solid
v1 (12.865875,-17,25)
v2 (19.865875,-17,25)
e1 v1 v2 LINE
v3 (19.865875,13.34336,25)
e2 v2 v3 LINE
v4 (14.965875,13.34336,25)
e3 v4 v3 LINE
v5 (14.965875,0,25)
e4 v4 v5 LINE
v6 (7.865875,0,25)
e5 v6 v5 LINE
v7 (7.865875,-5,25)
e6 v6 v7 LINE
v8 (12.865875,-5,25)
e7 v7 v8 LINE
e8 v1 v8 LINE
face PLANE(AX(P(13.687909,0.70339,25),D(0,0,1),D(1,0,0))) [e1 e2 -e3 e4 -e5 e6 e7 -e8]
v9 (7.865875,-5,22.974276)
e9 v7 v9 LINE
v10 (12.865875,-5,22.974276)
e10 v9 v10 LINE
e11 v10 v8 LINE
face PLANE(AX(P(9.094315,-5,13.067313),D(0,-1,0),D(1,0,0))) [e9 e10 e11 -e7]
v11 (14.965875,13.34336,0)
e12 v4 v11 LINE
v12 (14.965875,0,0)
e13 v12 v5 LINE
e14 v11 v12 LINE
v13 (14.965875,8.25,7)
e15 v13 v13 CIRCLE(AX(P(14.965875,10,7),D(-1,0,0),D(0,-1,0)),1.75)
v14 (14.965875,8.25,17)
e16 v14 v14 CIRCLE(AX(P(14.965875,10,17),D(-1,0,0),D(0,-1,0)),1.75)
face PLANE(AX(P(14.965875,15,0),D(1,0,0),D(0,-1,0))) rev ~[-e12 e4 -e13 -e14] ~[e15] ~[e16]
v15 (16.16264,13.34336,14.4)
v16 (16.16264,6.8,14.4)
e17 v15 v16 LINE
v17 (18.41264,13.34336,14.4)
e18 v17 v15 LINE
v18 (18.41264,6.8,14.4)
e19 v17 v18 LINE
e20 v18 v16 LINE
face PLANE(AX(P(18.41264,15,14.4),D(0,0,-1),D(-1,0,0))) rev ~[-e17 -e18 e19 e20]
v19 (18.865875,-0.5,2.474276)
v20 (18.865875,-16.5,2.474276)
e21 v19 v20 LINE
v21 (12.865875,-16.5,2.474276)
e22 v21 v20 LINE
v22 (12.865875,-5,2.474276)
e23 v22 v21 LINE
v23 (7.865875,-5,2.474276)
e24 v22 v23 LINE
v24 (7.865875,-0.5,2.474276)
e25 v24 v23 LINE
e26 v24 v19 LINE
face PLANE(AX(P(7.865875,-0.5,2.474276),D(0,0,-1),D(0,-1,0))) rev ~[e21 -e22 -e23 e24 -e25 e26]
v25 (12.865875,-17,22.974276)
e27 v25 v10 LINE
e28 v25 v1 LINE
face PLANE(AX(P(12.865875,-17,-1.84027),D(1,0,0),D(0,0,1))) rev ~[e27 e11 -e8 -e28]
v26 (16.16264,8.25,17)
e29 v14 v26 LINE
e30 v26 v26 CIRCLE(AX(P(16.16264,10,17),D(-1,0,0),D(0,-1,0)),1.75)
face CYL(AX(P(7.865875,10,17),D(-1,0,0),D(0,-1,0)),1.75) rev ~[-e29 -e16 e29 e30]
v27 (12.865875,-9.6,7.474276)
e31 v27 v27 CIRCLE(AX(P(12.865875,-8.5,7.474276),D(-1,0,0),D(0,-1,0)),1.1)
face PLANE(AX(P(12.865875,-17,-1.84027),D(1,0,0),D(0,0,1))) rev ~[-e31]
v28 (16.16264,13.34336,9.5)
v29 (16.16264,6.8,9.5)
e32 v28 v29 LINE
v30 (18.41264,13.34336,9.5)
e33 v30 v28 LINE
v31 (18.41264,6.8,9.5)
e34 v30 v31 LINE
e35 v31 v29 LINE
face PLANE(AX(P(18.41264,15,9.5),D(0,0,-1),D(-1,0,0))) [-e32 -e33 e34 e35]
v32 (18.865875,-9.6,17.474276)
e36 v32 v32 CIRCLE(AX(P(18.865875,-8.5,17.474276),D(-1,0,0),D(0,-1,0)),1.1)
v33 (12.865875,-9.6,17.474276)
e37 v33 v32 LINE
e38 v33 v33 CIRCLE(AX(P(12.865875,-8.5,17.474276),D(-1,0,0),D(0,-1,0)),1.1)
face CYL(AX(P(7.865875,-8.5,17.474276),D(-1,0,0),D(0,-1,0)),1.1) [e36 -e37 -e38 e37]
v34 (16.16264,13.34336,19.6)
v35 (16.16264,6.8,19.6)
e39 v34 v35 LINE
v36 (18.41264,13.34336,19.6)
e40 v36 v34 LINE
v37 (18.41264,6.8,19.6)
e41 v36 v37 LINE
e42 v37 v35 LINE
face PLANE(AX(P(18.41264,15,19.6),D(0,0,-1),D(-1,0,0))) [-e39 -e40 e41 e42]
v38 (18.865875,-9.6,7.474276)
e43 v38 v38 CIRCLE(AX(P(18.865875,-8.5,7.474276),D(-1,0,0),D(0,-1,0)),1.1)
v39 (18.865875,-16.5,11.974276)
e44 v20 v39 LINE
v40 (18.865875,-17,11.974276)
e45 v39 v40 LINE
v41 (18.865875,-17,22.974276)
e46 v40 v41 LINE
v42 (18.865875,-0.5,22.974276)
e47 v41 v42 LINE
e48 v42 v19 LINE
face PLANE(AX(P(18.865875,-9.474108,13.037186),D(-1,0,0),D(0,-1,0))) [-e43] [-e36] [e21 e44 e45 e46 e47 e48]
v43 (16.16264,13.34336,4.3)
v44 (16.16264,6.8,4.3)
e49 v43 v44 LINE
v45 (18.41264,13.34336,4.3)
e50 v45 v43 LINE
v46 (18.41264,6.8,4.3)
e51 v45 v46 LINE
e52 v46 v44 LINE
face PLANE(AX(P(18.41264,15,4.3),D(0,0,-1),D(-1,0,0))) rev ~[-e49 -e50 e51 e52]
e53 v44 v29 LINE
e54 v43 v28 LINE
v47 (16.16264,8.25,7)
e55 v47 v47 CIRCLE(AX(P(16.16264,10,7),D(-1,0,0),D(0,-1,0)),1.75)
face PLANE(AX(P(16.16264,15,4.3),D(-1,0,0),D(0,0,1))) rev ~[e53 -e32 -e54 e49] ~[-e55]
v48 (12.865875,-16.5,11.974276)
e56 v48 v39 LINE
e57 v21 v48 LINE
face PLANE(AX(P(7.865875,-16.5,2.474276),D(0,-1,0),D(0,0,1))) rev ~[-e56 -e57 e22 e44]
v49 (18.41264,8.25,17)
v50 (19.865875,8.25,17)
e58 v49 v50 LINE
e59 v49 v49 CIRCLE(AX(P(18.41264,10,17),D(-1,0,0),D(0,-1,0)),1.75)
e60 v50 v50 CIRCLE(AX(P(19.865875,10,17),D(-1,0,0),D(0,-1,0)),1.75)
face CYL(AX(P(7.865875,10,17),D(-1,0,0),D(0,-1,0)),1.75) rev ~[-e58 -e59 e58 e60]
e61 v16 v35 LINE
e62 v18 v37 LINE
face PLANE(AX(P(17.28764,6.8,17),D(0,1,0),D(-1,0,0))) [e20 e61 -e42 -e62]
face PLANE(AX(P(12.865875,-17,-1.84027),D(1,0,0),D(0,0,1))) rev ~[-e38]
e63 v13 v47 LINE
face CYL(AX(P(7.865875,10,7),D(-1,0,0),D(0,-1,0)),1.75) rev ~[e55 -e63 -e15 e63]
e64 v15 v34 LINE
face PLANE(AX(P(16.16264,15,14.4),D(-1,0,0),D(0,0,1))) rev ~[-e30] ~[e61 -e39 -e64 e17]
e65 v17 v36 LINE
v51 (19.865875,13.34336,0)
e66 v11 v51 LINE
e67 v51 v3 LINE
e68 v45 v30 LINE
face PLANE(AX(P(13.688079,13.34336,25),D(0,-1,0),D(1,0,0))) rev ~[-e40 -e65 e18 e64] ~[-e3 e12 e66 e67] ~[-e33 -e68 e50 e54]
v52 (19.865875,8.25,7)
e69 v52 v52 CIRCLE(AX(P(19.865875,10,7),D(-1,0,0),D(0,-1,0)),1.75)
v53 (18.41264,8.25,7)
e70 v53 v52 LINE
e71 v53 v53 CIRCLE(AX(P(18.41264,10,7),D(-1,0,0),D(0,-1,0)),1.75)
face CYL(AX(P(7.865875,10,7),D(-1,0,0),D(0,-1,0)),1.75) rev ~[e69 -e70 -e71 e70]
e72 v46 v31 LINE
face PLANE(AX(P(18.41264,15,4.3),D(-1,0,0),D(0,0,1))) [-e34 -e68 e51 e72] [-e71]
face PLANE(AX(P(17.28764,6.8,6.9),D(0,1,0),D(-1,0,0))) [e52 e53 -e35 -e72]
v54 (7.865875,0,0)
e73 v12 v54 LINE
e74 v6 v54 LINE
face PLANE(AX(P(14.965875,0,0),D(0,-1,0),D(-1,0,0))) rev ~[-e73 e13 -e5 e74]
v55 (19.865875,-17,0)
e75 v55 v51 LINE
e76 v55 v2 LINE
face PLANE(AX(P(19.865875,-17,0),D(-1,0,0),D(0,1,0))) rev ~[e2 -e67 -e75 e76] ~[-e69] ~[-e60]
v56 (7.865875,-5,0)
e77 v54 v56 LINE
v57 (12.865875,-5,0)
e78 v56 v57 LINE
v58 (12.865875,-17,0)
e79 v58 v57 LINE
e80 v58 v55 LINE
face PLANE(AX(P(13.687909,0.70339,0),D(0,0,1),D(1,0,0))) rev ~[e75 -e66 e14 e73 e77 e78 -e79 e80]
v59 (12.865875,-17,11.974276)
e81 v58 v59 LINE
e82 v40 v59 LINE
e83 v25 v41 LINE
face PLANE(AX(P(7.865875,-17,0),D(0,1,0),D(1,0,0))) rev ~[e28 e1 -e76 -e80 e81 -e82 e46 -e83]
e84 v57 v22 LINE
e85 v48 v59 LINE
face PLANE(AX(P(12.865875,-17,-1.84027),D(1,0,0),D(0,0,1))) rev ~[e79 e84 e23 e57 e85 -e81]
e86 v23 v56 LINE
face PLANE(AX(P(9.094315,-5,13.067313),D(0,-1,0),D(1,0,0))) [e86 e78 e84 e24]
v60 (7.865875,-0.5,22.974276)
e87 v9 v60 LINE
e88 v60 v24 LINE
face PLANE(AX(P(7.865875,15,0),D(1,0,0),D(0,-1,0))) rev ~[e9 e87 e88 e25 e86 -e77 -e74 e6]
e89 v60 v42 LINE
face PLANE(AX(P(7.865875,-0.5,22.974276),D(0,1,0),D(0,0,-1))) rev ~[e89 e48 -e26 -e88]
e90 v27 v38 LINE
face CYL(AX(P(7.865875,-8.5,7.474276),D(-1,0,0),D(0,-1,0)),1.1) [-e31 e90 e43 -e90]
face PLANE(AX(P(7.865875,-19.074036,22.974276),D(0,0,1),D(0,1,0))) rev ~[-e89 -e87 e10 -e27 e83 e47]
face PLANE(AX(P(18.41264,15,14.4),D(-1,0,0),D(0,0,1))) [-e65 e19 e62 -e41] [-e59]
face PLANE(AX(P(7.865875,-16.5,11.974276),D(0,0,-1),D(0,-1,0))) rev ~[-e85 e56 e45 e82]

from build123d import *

# Parameters (mm, degrees)
F1_DEPTH  = 25
F2_R      = 1.75
F3_DEPTH  = 12.001
F4_W      = 2.25
F4_H      = 5.2
F5_DEPTH  = 8.2
F6_W      = 6.7676874548
F6_H      = 2
F6_W_2    = 4.3625808284
F6_H_2    = 16.5741704404
F7_DEPTH  = 25.001
F8_R      = 1.1
F9_DEPTH  = 11
F10_W     = 7.5431205352
F10_H     = 29.8151662209
F11_DEPTH = 12


with BuildPart() as f1:
    # F0 (on Top) → F1 (new body)
    with BuildSketch(Plane.XY):
        Polygon((11.3658751324, 15), (7.8658751324, 15), (7.8658751324, -17), (19.8658751324, -17), (19.8658751324, 15), (14.9658751324, 15), (14.9658751324, 0), (11.3658751324, 0), align=None)
    extrude(amount=F1_DEPTH)

    # F2 (on face) → F3 (cut, through all)
    with BuildSketch(Plane(origin=(7.8658751324, 0, 0), x_dir=(0, -1, 0), z_dir=(-1, 0, 0))):
        with Locations((-10, 17)):
            Circle(F2_R)
        with Locations((-10, 7)):
            Circle(F2_R)
    extrude(amount=-F3_DEPTH, mode=Mode.SUBTRACT)

    # F4 (on face) → F5 (cut)
    with BuildSketch(Plane(origin=(0, 15, 0), x_dir=(-1, 0, 0), z_dir=(0, 1, 0))):
        with Locations((-17.2876401603, 17)):
            Rectangle(F4_W, F4_H)
        with Locations((-17.2876401603, 6.9)):
            Rectangle(F4_W, F4_H)
    extrude(amount=-F5_DEPTH, mode=Mode.SUBTRACT)

    # F6 (on face) → F7 (cut, through all)
    with BuildSketch(Plane.XY.offset(25)):
        with Locations((17.0719223097, 14.3433604389)):
            Rectangle(F6_W, F6_H)
        with Locations((9.1845847182, 8.2870852202)):
            Rectangle(F6_W_2, F6_H_2)
    extrude(amount=-F7_DEPTH, mode=Mode.SUBTRACT)

    # F8 (on face) → F9 (cut)
    with BuildSketch(Plane(origin=(7.8658751324, 0, 0), x_dir=(0, -1, 0), z_dir=(-1, 0, 0))):
        Polygon((16.5, 22.9742758833), (0.5, 22.9742758833), (0.5, 2.4742758833), (16.5, 2.4742758833), (16.5, 11.9742758833), (19.0740358084, 11.9742758833), (19.0740358084, 22.9742758833), align=None)
        with Locations((8.5, 7.4742758833)):
            Circle(F8_R, mode=Mode.SUBTRACT)
        with Locations((8.5, 17.4742758833)):
            Circle(F8_R, mode=Mode.SUBTRACT)
    extrude(amount=-F9_DEPTH, mode=Mode.SUBTRACT)

    # F10 (on face) → F11 (cut)
    with BuildSketch(Plane.XZ.offset(17)):
        with Locations((9.0943148648, 13.0673133535)):
            Rectangle(F10_W, F10_H)
    extrude(amount=-F11_DEPTH, mode=Mode.SUBTRACT)


solid = f1.part
